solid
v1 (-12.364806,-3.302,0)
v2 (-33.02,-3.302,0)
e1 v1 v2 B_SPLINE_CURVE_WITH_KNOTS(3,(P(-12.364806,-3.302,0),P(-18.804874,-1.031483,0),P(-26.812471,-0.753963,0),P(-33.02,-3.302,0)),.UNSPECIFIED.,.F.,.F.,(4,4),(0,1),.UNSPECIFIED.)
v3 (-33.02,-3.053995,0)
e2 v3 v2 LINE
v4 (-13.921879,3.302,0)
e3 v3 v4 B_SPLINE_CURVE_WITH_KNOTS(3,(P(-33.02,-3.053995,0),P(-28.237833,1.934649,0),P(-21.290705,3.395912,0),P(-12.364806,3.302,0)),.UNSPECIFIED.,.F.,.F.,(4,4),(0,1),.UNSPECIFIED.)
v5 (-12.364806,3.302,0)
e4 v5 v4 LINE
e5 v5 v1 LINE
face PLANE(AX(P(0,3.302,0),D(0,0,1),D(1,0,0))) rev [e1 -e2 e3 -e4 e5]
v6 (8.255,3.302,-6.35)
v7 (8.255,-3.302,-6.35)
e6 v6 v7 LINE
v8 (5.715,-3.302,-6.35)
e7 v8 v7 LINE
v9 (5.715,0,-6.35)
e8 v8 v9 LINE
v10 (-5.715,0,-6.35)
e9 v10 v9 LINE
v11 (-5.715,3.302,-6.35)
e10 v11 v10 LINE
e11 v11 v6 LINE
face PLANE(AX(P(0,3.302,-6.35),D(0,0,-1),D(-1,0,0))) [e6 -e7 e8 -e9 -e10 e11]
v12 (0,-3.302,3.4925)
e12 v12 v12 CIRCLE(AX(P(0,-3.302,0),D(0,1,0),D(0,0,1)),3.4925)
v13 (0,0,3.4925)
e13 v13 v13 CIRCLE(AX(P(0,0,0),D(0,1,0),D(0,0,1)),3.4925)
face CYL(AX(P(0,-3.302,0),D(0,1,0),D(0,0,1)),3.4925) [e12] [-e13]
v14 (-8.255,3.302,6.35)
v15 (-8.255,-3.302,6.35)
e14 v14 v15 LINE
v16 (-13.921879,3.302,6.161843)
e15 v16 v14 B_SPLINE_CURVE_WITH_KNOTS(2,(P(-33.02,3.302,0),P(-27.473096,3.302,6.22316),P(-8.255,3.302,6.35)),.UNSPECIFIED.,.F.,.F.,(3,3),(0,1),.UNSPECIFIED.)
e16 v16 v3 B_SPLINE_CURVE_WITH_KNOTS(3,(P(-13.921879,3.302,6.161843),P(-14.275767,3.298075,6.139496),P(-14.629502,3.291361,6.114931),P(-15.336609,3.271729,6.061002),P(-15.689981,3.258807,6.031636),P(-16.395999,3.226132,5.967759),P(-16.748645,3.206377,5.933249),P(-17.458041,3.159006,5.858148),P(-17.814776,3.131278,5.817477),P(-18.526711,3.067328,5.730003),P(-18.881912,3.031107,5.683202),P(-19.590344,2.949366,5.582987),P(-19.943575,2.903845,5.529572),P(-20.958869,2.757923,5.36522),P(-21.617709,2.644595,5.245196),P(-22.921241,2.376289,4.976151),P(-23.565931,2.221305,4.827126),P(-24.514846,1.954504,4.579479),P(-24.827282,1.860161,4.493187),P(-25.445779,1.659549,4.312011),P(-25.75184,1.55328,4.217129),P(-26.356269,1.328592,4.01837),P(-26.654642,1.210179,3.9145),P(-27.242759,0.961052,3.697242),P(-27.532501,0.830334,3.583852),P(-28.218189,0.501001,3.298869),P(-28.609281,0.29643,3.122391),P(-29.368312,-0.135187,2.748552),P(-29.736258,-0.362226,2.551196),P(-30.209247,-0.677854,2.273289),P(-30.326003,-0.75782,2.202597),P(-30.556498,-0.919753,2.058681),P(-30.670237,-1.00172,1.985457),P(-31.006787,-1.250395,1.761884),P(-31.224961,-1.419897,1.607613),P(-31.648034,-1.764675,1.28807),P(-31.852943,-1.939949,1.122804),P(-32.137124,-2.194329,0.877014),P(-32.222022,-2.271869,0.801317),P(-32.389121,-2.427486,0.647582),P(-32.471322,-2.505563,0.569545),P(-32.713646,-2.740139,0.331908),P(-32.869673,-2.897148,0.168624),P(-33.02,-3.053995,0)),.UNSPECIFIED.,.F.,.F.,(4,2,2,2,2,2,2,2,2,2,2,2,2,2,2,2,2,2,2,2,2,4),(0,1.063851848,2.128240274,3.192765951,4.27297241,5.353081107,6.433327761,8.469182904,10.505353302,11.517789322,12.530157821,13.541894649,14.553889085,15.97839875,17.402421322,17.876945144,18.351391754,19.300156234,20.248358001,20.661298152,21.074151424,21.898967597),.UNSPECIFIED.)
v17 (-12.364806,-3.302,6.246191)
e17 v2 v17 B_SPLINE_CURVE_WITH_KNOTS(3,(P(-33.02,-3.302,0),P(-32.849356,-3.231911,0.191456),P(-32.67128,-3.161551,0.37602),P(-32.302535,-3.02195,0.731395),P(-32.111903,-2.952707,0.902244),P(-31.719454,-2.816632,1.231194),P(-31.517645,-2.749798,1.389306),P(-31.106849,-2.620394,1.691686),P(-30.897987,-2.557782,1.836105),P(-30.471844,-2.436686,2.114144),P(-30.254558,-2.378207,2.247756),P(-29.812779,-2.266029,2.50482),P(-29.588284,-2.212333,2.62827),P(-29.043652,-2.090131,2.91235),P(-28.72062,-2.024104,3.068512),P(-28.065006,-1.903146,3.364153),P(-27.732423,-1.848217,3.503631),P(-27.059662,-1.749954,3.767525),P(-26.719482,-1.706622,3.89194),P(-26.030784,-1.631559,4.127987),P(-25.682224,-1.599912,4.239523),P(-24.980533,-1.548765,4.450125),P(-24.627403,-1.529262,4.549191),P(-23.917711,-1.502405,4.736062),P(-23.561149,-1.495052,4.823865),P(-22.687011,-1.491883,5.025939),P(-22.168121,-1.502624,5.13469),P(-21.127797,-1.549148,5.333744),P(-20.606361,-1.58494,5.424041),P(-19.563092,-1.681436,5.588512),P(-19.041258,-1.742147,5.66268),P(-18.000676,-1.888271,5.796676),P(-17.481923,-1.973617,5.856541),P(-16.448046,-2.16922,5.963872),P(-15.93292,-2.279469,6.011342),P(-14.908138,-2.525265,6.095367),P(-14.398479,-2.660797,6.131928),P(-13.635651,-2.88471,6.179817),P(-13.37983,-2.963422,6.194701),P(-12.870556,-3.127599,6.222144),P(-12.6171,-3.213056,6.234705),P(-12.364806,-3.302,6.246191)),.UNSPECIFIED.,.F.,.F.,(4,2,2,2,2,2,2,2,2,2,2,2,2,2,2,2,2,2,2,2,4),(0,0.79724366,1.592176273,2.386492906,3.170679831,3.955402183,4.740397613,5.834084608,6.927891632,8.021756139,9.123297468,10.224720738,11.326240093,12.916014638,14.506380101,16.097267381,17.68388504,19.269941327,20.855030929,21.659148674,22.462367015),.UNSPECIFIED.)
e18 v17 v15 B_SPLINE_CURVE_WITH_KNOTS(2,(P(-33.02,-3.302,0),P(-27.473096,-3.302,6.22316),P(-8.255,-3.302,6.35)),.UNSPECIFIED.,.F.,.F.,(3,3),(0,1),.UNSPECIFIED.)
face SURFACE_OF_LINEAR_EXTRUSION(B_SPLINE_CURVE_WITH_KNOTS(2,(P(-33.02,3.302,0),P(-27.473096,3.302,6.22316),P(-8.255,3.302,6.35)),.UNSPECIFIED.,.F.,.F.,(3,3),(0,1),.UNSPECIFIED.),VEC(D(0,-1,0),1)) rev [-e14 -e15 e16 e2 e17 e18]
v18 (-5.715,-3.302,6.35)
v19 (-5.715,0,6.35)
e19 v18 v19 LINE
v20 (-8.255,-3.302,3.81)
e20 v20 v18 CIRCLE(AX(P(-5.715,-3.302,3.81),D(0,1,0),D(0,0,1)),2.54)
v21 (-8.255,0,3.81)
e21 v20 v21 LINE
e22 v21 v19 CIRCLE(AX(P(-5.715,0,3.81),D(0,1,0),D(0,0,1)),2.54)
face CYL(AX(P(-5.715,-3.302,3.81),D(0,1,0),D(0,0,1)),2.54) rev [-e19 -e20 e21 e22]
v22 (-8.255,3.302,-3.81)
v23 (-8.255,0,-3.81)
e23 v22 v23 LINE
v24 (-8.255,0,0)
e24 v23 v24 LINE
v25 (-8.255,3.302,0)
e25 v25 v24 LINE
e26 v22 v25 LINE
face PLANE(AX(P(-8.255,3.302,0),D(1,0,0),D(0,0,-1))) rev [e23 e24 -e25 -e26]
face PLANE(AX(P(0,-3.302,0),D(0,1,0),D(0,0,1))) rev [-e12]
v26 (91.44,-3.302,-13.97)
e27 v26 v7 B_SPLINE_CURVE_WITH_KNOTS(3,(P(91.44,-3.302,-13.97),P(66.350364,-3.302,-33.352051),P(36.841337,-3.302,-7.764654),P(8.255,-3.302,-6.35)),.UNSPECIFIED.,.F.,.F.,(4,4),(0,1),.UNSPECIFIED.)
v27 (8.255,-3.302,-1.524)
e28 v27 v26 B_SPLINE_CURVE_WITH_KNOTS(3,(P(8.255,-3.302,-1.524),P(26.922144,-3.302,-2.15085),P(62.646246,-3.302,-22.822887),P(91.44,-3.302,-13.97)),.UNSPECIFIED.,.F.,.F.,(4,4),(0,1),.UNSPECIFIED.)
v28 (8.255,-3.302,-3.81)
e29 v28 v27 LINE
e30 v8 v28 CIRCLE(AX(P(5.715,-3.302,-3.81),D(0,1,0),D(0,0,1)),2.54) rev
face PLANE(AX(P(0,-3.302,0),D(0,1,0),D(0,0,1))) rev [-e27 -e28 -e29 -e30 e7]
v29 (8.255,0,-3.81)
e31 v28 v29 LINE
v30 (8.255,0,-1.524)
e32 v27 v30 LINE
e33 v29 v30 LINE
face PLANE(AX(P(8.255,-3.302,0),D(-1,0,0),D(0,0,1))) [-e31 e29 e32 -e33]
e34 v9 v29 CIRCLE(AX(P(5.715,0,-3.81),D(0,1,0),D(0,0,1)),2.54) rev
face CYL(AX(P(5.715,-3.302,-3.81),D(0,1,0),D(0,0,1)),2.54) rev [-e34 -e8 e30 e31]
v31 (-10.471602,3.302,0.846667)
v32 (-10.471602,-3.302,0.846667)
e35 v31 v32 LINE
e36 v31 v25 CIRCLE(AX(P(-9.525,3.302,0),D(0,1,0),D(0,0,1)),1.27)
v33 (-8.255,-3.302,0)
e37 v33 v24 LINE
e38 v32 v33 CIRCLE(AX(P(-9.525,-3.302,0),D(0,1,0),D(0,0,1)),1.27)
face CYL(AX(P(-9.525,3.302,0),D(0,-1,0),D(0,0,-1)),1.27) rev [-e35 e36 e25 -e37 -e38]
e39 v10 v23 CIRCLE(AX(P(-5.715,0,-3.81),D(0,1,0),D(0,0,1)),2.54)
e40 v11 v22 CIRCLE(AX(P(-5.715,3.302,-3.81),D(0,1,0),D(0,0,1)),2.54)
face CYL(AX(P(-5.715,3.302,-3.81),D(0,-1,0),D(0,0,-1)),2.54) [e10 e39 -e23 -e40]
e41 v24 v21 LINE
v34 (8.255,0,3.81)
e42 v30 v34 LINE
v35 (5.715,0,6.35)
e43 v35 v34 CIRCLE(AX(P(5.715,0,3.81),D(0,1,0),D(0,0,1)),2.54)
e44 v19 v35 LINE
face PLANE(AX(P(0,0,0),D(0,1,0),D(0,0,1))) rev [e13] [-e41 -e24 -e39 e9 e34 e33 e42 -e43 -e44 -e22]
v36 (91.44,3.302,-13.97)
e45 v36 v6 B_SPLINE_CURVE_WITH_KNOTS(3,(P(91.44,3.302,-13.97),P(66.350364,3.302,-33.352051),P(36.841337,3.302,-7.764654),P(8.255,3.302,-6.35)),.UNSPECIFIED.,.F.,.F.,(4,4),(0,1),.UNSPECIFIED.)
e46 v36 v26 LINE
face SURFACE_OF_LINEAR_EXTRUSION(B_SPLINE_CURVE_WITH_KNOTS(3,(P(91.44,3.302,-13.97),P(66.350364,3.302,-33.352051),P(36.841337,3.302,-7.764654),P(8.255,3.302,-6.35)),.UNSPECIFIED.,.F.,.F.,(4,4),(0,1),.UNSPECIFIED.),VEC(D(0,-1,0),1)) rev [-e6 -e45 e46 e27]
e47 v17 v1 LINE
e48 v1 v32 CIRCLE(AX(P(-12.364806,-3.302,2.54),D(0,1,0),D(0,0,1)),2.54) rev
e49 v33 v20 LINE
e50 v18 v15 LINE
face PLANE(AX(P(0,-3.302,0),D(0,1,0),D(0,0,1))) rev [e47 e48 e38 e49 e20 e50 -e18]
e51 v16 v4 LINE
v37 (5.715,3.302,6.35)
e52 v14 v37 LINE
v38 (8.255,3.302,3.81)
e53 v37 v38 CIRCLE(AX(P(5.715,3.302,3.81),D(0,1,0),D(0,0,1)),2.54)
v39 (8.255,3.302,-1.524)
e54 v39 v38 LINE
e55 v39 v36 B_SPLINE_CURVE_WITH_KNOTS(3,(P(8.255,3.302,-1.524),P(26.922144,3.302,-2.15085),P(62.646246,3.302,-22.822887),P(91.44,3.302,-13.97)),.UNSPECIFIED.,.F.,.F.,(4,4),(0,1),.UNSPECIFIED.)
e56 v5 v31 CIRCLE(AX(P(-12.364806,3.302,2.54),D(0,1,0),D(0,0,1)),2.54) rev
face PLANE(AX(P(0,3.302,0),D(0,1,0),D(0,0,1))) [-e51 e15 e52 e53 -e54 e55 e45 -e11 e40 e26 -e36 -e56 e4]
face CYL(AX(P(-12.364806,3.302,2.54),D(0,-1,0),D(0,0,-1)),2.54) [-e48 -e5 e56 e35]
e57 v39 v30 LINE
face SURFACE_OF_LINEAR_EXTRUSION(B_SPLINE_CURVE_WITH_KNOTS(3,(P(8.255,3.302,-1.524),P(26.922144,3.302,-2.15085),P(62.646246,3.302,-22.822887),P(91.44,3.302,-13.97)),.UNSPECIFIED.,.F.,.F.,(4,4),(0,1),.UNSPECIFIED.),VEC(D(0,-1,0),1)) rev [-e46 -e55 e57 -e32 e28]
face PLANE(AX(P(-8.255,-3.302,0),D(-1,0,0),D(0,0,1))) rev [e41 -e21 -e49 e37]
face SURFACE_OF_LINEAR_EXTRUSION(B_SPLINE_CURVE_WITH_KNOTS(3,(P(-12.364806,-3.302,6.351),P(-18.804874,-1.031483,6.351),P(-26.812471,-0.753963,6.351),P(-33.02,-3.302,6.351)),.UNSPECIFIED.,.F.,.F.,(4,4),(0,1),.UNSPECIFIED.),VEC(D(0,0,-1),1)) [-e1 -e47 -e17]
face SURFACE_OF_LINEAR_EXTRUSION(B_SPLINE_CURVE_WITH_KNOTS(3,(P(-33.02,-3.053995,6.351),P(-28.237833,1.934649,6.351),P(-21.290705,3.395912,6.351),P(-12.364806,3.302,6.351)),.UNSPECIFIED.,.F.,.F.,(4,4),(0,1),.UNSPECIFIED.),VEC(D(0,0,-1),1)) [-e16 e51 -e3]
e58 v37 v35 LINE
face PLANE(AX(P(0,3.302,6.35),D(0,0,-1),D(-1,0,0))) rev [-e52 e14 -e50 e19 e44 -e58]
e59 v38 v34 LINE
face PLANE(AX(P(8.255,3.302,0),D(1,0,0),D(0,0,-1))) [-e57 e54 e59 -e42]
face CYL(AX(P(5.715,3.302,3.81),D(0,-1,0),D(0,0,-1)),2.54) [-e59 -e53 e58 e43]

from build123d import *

# Parameters (mm, degrees)
SKETCH1_R                = 3.4925
BOSS_EXTRUDE3_DEPTH      = 3.302
BOSS_EXTRUDE4_DEPTH      = 3.302
BOSS_EXTRUDE5_DEPTH      = 3.302
CUT_EXTRUDE1_REACH       = 8.35
SKETCH1_11_R             = 3.4925
BOSS_EXTRUDE6_DEPTH      = 3.302
BOSS_EXTRUDE6_DEPTH_BACK = 3.302


with BuildPart() as part:
    # Sketch1 → Boss-Extrude3 (new body)
    with BuildSketch(Plane(origin=(0, 0, 0), x_dir=(1, 0, 0), z_dir=(0, 1, 0))):
        with BuildLine():
            ThreePointArc((-10.47160211, -0.846666667), (-11.327855674, -0.22130784), (-12.364806331, 0))
            Line((-12.364806331, 0), (-33.02, 0))
            add(Edge.make_bspline(
                [(-33.02, 0), (-27.473096433, -6.223159861), (-8.255, -6.35)],
                knots=[0, 0, 0, 1, 1, 1], degree=2))
            Line((-8.255, -6.35), (-8.255, -3.81))
            Line((-8.255, -3.81), (-8.255, 0))
            ThreePointArc((-8.255, 0), (-9.071835946, -1.186398896), (-10.47160211, -0.846666667))
        make_face()
        with BuildLine():
            ThreePointArc((5.715, 6.35), (7.511051224, 5.606051224), (8.255, 3.81))
            Line((8.255, 3.81), (8.255, -3.81))
            ThreePointArc((8.255, -3.81), (7.511051224, -5.606051224), (5.715, -6.35))
            Line((5.715, -6.35), (-5.715, -6.35))
            ThreePointArc((-5.715, -6.35), (-7.511051224, -5.606051224), (-8.255, -3.81))
            Line((-8.255, -3.81), (-8.255, 3.81))
            ThreePointArc((-8.255, 3.81), (-7.511051224, 5.606051224), (-5.715, 6.35))
            Line((-5.715, 6.35), (5.715, 6.35))
        make_face()
        with Locations(Location((0, 0, 0), (0, 0, 270))):  # turned: the seam where the file's is
            Circle(SKETCH1_R, mode=Mode.SUBTRACT)
        with BuildLine():
            ThreePointArc((-8.255, -3.81), (-7.511051224, -5.606051224), (-5.715, -6.35))
            Line((-5.715, -6.35), (-8.255, -6.35))
            Line((-8.255, -6.35), (-8.255, -3.81))
        make_face()
        with BuildLine():
            Line((8.255, 3.527942587), (8.255, 1.524))
            add(Edge.make_bspline(
                [(8.255, 1.524), (26.922144182, 2.150849617), (62.646246262, 22.822886738), (91.44, 13.97)],
                knots=[0, 0, 0, 0, 1, 1, 1, 1], degree=3))
            add(Edge.make_bspline(
                [(91.44, 13.97), (66.350363848, 33.352051218), (36.841337127, 7.764653999), (8.255, 6.35)],
                knots=[0, 0, 0, 0, 1, 1, 1, 1], degree=3))
            Line((8.255, 6.35), (8.255, 3.81))
            Line((8.255, 3.81), (8.255, 3.527942587))
        make_face()
        with BuildLine():
            Line((8.255, 6.35), (5.715, 6.35))
            ThreePointArc((5.715, 6.35), (7.511051224, 5.606051224), (8.255, 3.81))
            Line((8.255, 3.81), (8.255, 6.35))
        make_face()
    extrude(amount=BOSS_EXTRUDE3_DEPTH)

    # Sketch1_8 → Boss-Extrude4 (add)
    with BuildSketch(Plane(origin=(0, 0, 0), x_dir=(1, 0, 0), z_dir=(0, 1, 0))):
        with BuildLine():
            Line((8.255, 3.527942587), (8.255, 1.524))
            add(Edge.make_bspline(
                [(8.255, 1.524), (26.922144182, 2.150849617), (62.646246262, 22.822886738), (91.44, 13.97)],
                knots=[0, 0, 0, 0, 1, 1, 1, 1], degree=3))
            add(Edge.make_bspline(
                [(91.44, 13.97), (66.350363848, 33.352051218), (36.841337127, 7.764653999), (8.255, 6.35)],
                knots=[0, 0, 0, 0, 1, 1, 1, 1], degree=3))
            Line((8.255, 6.35), (8.255, 3.81))
            Line((8.255, 3.81), (8.255, 3.527942587))
        make_face()
        with BuildLine():
            Line((8.255, 6.35), (5.715, 6.35))
            ThreePointArc((5.715, 6.35), (7.511051224, 5.606051224), (8.255, 3.81))
            Line((8.255, 3.81), (8.255, 6.35))
        make_face()
    extrude(amount=-BOSS_EXTRUDE4_DEPTH)

    # Sketch1_9 → Boss-Extrude5 (add)
    with BuildSketch(Plane(origin=(0, 0, 0), x_dir=(1, 0, 0), z_dir=(0, 1, 0))):
        with BuildLine():
            ThreePointArc((-10.47160211, -0.846666667), (-11.327855674, -0.22130784), (-12.364806331, 0))
            Line((-12.364806331, 0), (-33.02, 0))
            add(Edge.make_bspline(
                [(-33.02, 0), (-27.473096433, -6.223159861), (-8.255, -6.35)],
                knots=[0, 0, 0, 1, 1, 1], degree=2))
            Line((-8.255, -6.35), (-8.255, -3.81))
            Line((-8.255, -3.81), (-8.255, 0))
            ThreePointArc((-8.255, 0), (-9.071835946, -1.186398896), (-10.47160211, -0.846666667))
        make_face()
        with BuildLine():
            ThreePointArc((-8.255, -3.81), (-7.511051224, -5.606051224), (-5.715, -6.35))
            Line((-5.715, -6.35), (-8.255, -6.35))
            Line((-8.255, -6.35), (-8.255, -3.81))
        make_face()
    extrude(amount=-BOSS_EXTRUDE5_DEPTH)

    # Sketch2 → Cut-Extrude1 (cut, up to next)
    with BuildSketch(Plane.XY, mode=Mode.PRIVATE) as cut_extrude1_sk1:
        with BuildLine():
            Line((-33.02, 3.302), (-33.02, -3.053994927))
            add(Edge.make_bspline(
                [(-33.02, -3.053994927), (-28.519594092, 1.640722514), (-22.101826858, 3.211473856), (-13.921878912, 3.302)],
                knots=[0, 0, 0, 0, 0.941080878, 0.941080878, 0.941080878, 0.941080878], degree=3))
            Line((-13.921878912, 3.302), (-33.02, 3.302))
        make_face()
    cut_extrude1_tool1 = extrude(cut_extrude1_sk1.sketch, amount=CUT_EXTRUDE1_REACH, mode=Mode.PRIVATE) & part.part
    add(cut_extrude1_tool1.solids().sort_by_distance((-28.707051, 1.545014, 0))[0], mode=Mode.SUBTRACT)
    # Sketch2 → Cut-Extrude1 (cut, up to next)
    with BuildSketch(Plane.XY, mode=Mode.PRIVATE) as cut_extrude1_sk2:
        with BuildLine():
            Line((-12.364806331, -3.302), (-33.02, -3.302))
            add(Edge.make_bspline(
                [(-12.364806331, -3.302), (-18.804874471, -1.031483357), (-26.812471442, -0.753963495), (-33.02, -3.302)],
                knots=[0, 0, 0, 0, 1, 1, 1, 1], degree=3))
        make_face()
    cut_extrude1_tool2 = extrude(cut_extrude1_sk2.sketch, amount=CUT_EXTRUDE1_REACH, mode=Mode.PRIVATE) & part.part
    add(cut_extrude1_tool2.solids().sort_by_distance((-22.84596, -2.573969, 0))[0], mode=Mode.SUBTRACT)

    # Sketch1_11 → Boss-Extrude6 (add, two sides)
    with BuildSketch(Plane(origin=(0, 0, 0), x_dir=(1, 0, 0), z_dir=(0, 1, 0))) as boss_extrude6_sk:
        with Locations(Location((0, 0, 0), (0, 0, 270))):  # turned: the seam where the file's is
            Circle(SKETCH1_11_R)
    extrude(amount=BOSS_EXTRUDE6_DEPTH)
    extrude(boss_extrude6_sk.sketch, amount=-BOSS_EXTRUDE6_DEPTH_BACK)


solid = part.part
